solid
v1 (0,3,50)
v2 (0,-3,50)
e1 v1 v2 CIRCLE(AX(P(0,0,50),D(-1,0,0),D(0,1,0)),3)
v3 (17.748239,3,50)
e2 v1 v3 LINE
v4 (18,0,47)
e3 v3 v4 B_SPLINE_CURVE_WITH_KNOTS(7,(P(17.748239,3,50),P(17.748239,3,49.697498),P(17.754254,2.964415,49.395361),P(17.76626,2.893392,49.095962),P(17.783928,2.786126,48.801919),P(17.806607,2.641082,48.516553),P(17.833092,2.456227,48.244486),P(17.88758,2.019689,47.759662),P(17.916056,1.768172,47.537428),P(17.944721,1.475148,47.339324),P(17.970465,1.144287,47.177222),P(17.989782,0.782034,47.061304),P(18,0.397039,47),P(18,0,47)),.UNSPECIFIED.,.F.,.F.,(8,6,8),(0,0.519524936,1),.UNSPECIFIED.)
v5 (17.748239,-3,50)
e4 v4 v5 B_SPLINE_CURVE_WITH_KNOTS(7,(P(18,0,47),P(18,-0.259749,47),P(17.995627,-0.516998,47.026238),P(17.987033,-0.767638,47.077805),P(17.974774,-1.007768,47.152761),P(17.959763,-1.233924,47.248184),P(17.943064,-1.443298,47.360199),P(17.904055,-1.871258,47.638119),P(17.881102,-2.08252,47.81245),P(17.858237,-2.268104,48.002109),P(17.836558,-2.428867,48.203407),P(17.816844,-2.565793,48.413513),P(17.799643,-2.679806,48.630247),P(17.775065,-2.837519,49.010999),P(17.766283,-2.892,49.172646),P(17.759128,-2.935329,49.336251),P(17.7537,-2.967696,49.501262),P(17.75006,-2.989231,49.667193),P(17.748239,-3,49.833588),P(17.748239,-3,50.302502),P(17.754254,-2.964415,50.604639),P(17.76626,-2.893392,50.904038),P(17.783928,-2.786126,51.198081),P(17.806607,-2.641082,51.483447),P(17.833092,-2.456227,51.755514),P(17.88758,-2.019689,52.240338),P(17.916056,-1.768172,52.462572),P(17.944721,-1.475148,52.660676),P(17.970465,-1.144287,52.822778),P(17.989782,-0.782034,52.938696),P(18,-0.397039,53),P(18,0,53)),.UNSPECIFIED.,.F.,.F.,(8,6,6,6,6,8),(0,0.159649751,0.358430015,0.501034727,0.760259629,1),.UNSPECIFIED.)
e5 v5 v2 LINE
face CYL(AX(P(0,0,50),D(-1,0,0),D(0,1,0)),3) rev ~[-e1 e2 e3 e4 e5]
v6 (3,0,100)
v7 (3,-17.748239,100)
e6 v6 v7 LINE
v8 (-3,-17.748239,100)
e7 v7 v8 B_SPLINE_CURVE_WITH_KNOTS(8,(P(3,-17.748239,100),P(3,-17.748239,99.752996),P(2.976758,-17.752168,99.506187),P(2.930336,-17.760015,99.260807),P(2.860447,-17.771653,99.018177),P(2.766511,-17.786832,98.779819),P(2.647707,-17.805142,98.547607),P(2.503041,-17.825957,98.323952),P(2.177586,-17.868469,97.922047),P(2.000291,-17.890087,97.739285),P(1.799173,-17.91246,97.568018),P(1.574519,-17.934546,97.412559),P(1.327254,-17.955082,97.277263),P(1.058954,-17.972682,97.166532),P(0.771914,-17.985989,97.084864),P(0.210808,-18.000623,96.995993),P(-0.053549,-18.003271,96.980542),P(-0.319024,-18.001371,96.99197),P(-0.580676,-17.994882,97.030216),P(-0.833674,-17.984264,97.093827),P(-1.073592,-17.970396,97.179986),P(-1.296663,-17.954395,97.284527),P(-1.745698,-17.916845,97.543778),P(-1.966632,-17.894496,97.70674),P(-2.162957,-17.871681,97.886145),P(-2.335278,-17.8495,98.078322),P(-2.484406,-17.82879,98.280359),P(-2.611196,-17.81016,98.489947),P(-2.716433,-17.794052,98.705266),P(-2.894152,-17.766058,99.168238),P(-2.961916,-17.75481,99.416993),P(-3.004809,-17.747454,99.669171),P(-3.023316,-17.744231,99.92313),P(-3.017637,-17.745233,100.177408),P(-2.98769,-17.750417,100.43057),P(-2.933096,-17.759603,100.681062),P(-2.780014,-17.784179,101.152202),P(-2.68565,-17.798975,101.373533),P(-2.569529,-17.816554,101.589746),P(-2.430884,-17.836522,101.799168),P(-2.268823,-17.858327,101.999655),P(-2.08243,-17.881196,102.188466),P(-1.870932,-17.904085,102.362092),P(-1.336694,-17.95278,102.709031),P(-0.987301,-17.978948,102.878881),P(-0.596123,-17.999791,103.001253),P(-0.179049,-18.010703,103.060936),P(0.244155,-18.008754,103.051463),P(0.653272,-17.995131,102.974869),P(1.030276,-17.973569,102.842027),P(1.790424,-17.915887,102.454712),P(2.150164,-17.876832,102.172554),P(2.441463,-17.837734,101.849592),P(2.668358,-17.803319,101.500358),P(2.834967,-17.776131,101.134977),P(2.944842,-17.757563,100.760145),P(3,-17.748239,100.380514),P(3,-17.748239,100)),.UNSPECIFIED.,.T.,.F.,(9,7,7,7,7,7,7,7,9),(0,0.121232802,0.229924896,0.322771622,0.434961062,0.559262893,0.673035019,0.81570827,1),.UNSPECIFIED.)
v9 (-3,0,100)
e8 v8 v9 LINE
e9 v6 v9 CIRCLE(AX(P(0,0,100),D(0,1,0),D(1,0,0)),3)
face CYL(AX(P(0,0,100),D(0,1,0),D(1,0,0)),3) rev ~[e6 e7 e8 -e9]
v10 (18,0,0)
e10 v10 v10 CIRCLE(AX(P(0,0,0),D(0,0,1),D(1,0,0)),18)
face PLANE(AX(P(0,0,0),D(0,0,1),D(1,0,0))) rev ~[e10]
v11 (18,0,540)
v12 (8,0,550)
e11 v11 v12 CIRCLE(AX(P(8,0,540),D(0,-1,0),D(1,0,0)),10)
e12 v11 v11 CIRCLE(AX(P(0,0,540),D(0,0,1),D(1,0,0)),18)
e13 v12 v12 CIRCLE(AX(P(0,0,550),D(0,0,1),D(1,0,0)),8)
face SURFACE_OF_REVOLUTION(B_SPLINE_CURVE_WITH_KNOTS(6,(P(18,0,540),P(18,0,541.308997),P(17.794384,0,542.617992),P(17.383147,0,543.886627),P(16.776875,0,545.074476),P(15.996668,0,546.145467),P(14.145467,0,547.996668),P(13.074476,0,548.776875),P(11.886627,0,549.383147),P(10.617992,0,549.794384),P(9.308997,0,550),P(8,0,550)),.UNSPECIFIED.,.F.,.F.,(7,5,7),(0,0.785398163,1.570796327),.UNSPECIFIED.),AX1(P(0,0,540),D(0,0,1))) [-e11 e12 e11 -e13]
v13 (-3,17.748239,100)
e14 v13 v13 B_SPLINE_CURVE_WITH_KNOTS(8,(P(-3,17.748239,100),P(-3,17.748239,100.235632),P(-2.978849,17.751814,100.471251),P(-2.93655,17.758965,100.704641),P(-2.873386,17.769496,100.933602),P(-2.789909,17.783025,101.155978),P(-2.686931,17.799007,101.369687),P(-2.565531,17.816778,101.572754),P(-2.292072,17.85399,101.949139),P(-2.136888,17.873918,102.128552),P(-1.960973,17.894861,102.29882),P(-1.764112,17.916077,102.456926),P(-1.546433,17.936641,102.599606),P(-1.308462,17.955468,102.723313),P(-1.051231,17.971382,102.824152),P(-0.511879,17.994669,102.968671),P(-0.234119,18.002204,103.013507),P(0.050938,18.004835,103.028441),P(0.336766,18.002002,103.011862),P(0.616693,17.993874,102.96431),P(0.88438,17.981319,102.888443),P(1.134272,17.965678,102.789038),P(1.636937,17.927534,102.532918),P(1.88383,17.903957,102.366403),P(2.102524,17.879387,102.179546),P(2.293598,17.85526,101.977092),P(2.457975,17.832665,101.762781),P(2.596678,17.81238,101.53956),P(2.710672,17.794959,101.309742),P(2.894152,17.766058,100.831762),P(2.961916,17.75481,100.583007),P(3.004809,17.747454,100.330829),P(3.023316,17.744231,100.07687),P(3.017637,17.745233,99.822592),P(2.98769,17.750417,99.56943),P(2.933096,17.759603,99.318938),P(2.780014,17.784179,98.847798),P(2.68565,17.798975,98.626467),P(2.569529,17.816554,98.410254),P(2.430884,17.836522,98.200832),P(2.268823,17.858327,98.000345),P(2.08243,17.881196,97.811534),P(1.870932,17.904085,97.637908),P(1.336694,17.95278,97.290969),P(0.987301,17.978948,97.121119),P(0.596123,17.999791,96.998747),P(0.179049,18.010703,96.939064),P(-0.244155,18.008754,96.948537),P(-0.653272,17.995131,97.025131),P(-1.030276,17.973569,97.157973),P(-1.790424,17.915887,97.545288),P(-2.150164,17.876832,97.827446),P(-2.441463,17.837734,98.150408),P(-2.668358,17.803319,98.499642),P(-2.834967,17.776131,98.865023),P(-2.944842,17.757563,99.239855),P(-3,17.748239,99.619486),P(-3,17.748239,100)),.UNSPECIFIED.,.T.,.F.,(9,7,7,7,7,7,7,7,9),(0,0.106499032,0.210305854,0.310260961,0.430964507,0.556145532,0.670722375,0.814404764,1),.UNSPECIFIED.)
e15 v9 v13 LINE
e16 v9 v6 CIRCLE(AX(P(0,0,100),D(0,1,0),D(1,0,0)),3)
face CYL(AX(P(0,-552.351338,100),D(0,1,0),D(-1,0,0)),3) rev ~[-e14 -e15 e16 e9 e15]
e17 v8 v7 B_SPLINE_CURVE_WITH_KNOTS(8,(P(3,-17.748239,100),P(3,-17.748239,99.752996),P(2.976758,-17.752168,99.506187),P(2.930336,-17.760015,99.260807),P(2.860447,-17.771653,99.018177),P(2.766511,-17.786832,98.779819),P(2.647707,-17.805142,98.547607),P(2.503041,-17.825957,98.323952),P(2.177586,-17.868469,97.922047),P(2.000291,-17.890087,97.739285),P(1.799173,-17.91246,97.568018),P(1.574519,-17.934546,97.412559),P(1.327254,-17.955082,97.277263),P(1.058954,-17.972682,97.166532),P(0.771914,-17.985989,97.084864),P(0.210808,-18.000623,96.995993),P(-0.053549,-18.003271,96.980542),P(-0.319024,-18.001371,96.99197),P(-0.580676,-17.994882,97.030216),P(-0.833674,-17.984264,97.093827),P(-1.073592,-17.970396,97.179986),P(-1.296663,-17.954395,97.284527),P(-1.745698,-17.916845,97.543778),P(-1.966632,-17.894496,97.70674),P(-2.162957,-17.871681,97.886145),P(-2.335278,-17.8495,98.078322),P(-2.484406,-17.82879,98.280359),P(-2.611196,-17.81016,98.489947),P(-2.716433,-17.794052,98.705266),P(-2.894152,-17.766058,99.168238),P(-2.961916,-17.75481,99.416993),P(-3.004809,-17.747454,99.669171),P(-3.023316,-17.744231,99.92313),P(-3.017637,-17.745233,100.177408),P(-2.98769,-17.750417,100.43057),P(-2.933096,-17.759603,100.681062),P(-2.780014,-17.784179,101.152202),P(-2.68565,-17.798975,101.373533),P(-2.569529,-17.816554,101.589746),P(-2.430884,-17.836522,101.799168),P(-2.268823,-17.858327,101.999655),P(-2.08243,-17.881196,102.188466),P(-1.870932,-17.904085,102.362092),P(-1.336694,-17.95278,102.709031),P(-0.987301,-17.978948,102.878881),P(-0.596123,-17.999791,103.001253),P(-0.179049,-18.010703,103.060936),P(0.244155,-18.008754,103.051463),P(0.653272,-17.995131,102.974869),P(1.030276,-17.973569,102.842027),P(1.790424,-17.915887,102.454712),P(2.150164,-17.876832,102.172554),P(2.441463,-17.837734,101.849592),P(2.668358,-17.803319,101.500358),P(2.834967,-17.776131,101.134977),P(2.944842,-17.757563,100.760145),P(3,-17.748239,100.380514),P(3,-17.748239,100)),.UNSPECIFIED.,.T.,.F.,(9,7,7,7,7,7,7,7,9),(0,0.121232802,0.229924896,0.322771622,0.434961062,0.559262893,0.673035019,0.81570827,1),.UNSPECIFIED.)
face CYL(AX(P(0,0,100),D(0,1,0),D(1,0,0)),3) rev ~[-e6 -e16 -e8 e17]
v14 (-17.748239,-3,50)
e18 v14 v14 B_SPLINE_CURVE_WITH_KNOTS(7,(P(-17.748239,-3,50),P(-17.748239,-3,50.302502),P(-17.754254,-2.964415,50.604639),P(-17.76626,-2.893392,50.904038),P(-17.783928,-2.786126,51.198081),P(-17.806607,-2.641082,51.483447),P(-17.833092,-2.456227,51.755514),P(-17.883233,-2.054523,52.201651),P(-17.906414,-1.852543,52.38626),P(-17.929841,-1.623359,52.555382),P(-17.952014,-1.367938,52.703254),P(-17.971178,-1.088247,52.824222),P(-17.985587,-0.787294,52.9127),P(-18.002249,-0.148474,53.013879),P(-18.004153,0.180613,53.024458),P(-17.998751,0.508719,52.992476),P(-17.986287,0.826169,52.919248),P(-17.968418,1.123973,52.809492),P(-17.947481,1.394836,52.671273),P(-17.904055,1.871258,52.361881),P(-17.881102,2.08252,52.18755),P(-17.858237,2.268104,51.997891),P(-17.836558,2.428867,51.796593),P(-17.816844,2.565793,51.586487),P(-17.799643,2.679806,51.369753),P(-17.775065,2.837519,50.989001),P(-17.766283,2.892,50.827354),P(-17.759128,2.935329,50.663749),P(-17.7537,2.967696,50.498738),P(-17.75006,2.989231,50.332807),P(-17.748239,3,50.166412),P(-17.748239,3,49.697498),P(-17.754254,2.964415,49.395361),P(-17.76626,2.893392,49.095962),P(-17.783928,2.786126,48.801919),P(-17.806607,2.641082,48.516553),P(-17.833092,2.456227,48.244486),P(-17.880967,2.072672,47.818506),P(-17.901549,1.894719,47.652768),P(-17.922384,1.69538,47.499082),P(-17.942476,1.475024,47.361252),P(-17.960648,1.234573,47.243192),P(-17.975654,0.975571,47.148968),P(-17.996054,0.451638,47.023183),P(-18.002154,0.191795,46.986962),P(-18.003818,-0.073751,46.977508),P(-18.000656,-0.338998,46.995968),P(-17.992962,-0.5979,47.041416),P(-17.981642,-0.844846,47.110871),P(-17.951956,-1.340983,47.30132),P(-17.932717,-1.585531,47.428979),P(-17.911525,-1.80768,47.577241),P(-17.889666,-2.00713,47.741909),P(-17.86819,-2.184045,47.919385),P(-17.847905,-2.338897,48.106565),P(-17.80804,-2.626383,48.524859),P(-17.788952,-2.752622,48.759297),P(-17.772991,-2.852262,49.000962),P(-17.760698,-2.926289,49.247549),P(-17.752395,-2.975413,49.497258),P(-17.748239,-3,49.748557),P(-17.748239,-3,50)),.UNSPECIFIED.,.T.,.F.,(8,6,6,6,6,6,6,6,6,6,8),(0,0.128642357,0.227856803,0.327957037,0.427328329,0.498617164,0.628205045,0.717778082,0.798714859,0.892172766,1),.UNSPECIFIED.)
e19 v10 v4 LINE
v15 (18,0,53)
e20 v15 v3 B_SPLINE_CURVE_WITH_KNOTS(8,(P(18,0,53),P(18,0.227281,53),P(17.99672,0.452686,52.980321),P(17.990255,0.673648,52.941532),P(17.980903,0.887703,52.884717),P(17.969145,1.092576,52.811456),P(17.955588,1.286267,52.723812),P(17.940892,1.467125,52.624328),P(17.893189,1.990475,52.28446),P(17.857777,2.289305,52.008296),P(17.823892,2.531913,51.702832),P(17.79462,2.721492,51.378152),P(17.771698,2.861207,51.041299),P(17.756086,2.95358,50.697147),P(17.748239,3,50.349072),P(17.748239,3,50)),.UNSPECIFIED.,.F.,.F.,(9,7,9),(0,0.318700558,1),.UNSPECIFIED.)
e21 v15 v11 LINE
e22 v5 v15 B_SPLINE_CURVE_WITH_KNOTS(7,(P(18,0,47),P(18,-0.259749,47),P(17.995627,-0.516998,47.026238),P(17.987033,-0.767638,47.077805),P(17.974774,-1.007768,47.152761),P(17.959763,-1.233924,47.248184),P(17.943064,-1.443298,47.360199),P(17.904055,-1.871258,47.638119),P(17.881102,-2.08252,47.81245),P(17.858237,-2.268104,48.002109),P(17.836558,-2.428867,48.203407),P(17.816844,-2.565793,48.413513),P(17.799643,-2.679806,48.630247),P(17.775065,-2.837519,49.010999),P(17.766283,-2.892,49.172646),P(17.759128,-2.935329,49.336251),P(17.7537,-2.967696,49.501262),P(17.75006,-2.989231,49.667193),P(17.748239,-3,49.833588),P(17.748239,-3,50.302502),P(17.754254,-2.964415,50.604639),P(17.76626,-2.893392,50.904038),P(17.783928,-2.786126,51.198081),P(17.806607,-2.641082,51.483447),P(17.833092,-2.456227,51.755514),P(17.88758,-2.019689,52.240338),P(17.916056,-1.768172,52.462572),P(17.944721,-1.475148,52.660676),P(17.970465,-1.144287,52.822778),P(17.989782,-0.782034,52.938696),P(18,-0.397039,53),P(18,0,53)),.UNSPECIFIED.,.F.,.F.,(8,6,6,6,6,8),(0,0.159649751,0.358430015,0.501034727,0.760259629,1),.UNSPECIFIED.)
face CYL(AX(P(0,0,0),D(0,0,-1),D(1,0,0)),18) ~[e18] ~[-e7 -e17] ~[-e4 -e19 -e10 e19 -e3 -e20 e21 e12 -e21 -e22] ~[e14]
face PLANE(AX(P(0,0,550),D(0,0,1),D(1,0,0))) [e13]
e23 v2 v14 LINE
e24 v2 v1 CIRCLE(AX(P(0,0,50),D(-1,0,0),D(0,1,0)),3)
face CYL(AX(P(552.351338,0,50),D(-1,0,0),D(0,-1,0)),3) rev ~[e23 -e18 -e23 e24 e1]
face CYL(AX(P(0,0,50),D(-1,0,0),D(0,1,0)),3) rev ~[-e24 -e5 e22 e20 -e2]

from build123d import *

# Parameters (mm, degrees)
F0_R     = 18
F1_DEPTH = 550
F2_R     = 10
F4_D     = 6
F4_DEPTH = 18.001
F5_D     = 6
F7_D     = 6
F7_DEPTH = 18.0010001
F8_D     = 6


with BuildPart() as f1:
    # F0 (on Top) → F1 (new body)
    with BuildSketch(Plane.XY):
        Circle(F0_R)
    extrude(amount=F1_DEPTH)

    # F2
    f2_edges = [f1.edges().sort_by_distance(p)[0] for p in [
        (-18, 0, 550),
    ]]
    fillet(f2_edges, radius=F2_R)

    # F4 (through all, one way)
    with BuildSketch(Plane(origin=(0, 0, 0), x_dir=(1, 0, 0), z_dir=(0, 1, 0))):
        with Locations((0, -100)):
            Circle(F4_D / 2)
    extrude(amount=-F4_DEPTH, mode=Mode.SUBTRACT)

    # F5 (through all)
    with Locations(Plane.XZ):
        with Locations((0, 100)):
            Hole(F5_D / 2)

    # F7 (through all, one way)
    with BuildSketch(Plane(origin=(0, 0, 0), x_dir=(0, 1, 0), z_dir=(-1, 0, 0))):
        with Locations((0, -50)):
            Circle(F7_D / 2)
    extrude(amount=-F7_DEPTH, mode=Mode.SUBTRACT)

    # F8 (through all)
    with Locations(Plane.YZ):
        with Locations((0, 50)):
            Hole(F8_D / 2)


solid = f1.part
